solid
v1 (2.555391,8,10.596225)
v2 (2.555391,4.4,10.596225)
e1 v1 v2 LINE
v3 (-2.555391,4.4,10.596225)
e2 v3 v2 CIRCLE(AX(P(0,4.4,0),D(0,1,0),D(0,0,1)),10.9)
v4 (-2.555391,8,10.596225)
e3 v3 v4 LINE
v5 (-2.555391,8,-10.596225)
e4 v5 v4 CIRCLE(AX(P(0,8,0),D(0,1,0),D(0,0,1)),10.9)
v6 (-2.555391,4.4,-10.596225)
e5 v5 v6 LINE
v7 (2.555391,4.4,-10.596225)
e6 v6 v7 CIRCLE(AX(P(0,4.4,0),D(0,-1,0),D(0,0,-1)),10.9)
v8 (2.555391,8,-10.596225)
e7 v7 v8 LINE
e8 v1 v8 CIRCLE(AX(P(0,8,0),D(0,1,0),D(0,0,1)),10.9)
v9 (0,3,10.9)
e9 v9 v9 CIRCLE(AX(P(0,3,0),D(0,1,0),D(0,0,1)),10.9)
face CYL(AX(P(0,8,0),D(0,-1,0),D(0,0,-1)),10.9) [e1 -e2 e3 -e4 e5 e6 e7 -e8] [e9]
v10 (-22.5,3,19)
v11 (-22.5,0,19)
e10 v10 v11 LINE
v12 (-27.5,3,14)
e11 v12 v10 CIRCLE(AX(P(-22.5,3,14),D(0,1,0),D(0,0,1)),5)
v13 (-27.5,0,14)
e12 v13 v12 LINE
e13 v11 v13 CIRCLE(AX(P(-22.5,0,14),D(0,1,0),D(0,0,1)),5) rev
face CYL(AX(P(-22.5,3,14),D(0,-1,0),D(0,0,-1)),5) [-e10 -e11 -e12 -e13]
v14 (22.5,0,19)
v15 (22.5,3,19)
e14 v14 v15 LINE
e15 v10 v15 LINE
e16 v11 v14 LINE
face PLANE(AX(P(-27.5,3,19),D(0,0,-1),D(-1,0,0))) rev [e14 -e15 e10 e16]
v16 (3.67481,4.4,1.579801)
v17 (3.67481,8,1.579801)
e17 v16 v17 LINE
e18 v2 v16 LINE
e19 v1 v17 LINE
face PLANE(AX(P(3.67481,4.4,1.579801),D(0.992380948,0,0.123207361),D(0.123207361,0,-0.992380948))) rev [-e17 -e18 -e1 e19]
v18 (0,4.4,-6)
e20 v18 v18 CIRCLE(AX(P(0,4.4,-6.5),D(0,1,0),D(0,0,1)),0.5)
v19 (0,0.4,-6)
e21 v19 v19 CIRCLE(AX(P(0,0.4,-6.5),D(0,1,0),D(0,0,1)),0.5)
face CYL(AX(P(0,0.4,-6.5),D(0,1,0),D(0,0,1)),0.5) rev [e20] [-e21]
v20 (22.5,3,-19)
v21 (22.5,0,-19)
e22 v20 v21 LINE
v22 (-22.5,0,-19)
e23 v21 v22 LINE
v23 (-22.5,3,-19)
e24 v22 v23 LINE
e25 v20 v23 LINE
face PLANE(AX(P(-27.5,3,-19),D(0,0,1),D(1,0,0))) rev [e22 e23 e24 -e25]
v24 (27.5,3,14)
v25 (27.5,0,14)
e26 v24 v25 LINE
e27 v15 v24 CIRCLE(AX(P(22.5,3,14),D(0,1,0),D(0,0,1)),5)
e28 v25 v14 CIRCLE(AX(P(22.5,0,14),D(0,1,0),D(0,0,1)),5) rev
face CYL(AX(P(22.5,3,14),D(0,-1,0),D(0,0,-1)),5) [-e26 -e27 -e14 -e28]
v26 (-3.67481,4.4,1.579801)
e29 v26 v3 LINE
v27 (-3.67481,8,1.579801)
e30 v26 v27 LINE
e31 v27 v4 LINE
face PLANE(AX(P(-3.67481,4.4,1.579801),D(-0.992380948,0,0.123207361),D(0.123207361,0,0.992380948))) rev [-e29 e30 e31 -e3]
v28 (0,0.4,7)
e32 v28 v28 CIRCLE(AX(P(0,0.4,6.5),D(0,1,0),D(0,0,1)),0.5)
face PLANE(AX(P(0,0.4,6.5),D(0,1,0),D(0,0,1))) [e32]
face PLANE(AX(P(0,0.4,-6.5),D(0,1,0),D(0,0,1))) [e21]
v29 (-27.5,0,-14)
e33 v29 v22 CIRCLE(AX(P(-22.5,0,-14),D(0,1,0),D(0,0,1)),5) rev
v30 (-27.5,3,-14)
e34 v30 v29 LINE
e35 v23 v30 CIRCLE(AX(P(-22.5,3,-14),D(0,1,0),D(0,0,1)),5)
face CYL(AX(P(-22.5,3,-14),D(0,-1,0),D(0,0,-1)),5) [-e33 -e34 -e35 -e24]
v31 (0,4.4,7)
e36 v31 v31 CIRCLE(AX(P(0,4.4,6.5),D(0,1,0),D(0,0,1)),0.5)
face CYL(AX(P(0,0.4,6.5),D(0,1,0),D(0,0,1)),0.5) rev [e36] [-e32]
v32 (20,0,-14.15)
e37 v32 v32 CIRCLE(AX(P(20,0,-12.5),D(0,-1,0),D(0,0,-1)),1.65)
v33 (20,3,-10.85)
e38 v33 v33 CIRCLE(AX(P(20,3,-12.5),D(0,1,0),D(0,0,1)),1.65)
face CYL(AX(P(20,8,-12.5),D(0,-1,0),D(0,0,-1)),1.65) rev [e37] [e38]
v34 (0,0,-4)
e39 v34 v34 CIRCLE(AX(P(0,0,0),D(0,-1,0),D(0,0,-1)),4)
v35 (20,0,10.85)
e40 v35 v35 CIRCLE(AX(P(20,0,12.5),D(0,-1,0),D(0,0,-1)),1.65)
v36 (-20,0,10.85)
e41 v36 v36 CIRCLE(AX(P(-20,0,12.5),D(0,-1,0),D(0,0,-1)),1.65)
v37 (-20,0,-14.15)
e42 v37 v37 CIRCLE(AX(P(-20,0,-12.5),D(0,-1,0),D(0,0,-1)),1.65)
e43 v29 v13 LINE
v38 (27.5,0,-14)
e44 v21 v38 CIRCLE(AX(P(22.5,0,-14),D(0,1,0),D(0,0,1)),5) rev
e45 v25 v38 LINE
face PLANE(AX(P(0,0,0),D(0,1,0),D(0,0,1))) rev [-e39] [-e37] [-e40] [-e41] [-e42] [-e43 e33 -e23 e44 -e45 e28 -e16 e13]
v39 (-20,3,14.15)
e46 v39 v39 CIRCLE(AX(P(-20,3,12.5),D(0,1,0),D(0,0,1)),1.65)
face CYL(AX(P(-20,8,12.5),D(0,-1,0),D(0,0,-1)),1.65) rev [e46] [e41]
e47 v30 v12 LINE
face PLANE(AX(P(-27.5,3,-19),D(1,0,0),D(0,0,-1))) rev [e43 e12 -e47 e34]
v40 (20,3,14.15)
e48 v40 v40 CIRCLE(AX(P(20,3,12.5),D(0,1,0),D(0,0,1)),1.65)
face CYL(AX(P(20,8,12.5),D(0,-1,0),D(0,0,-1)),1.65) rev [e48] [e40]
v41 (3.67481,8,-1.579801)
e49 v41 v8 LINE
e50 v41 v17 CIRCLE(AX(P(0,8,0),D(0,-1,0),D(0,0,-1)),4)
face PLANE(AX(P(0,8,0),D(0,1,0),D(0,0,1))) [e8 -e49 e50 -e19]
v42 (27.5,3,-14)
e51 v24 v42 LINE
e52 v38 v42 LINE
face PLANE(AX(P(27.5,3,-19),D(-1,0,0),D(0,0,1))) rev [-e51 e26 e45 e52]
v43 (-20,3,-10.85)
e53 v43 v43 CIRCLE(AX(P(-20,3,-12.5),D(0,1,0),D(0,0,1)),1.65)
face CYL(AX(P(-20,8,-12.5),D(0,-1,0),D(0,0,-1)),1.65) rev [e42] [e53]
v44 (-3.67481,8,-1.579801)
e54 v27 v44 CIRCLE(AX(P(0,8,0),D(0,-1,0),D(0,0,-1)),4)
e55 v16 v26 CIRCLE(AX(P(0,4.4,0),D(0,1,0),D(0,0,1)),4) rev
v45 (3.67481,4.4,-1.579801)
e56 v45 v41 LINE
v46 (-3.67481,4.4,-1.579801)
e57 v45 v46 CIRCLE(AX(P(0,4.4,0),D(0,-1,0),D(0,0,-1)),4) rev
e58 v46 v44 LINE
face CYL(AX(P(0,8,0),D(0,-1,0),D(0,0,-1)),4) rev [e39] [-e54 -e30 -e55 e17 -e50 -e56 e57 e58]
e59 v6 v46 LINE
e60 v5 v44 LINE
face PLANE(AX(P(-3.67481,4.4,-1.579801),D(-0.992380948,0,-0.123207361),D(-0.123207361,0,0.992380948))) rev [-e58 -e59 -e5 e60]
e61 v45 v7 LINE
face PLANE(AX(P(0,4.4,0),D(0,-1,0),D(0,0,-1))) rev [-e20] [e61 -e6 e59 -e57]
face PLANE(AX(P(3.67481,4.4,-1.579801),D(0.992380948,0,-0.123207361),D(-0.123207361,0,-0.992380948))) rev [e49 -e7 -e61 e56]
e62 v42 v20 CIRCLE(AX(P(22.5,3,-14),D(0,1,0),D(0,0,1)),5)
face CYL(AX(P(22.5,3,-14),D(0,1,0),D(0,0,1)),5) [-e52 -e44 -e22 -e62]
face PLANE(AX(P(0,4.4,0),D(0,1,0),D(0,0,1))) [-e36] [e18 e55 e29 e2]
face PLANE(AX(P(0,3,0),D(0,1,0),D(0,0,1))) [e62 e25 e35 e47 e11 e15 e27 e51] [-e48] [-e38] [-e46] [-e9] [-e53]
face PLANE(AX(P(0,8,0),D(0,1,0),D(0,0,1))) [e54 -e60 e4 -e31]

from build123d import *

# Parameters (mm, degrees)
SKETCH_1_W          = 55
SKETCH_1_H          = 38
EXTRUDE_1_DEPTH     = 3
SKETCH_2_R          = 10.9
EXTRUDE_2_DEPTH     = 5
SKETCH_3_R          = 4
CUT_EXTRUDE_1_DEPTH = 35.369317712
CUT_EXTRUDE_2_DEPTH = 3.6
SKETCH_5_R          = 0.5
CUT_EXTRUDE_3_DEPTH = 4
FILLET_1_R          = 5
FILLET_2_R          = 5
FILLET_3_R          = 5
FILLET_4_R          = 5
SKETCH_6_R          = 1.65
CUT_EXTRUDE_4_DEPTH = 35.369317712


with BuildPart() as part:
    # 草图1 → 凸台-拉伸1 (new body)
    with BuildSketch(Plane(origin=(0, 0, 0), x_dir=(1, 0, 0), z_dir=(0, 1, 0))):
        Rectangle(SKETCH_1_W, SKETCH_1_H)
    extrude(amount=EXTRUDE_1_DEPTH)

    # 草图2 → 凸台-拉伸2 (add)
    with BuildSketch(Plane(origin=(0, 3, 0), x_dir=(1, 0, 0), z_dir=(0, 1, 0))):
        with Locations(Location((0, 0, 0), (0, 0, 270))):
            Circle(SKETCH_2_R)
    extrude(amount=EXTRUDE_2_DEPTH)

    # 草图3 → 切除-拉伸1 (cut, through all)
    with BuildSketch(Plane.XZ):
        with Locations(Location((0, 0, 0), (0, 0, 270))):
            Circle(SKETCH_3_R)
    extrude(amount=-CUT_EXTRUDE_1_DEPTH, mode=Mode.SUBTRACT)

    # 草图4 → 切除-拉伸2 (cut)
    with BuildSketch(Plane(origin=(0, 8, 0), x_dir=(1, 0, 0), z_dir=(0, 1, 0))):
        Polygon((3.674809939, -1.579801226), (2.341337155, -12.320336373), (-2.341337155, -12.320336373), (-3.674809939, -1.579801226), align=None)
        Polygon((-3.674809939, 1.579801226), (-2.341337155, 12.320336373), (2.341337155, 12.320336373), (3.674809939, 1.579801226), align=None)
    extrude(amount=-CUT_EXTRUDE_2_DEPTH, mode=Mode.SUBTRACT)

    # 草图5 → 切除-拉伸3 (cut)
    with BuildSketch(Plane(origin=(0, 4.4, 0), x_dir=(1, 0, 0), z_dir=(0, 1, 0))):
        with Locations(Location((0, -6.5, 0), (0, 0, 270))):
            Circle(SKETCH_5_R)
        with Locations(Location((0, 6.5, 0), (0, 0, 270))):
            Circle(SKETCH_5_R)
    extrude(amount=-CUT_EXTRUDE_3_DEPTH, mode=Mode.SUBTRACT)

    # 圆角1
    fillet_1_edges = [part.edges().sort_by_distance(p)[0] for p in [
        (27.5, 1.5, 19),
    ]]
    fillet(fillet_1_edges, radius=FILLET_1_R)

    # 圆角2
    fillet_2_edges = [part.edges().sort_by_distance(p)[0] for p in [
        (-27.5, 1.5, 19),
    ]]
    fillet(fillet_2_edges, radius=FILLET_2_R)

    # 圆角3
    fillet_3_edges = [part.edges().sort_by_distance(p)[0] for p in [
        (-27.5, 1.5, -19),
    ]]
    fillet(fillet_3_edges, radius=FILLET_3_R)

    # 圆角4
    fillet_4_edges = [part.edges().sort_by_distance(p)[0] for p in [
        (27.5, 1.5, -19),
    ]]
    fillet(fillet_4_edges, radius=FILLET_4_R)

    # 草图6 → 切除-拉伸4 (cut, through all)
    with BuildSketch(Plane.XZ):
        with Locations(Location((-20, 12.5, 0), (0, 0, 270))):
            Circle(SKETCH_6_R)
        with Locations(Location((20, 12.5, 0), (0, 0, 270))):
            Circle(SKETCH_6_R)
        with Locations(Location((20, -12.5, 0), (0, 0, 270))):
            Circle(SKETCH_6_R)
        with Locations(Location((-20, -12.5, 0), (0, 0, 270))):
            Circle(SKETCH_6_R)
    extrude(amount=-CUT_EXTRUDE_4_DEPTH, mode=Mode.SUBTRACT)


solid = part.part
